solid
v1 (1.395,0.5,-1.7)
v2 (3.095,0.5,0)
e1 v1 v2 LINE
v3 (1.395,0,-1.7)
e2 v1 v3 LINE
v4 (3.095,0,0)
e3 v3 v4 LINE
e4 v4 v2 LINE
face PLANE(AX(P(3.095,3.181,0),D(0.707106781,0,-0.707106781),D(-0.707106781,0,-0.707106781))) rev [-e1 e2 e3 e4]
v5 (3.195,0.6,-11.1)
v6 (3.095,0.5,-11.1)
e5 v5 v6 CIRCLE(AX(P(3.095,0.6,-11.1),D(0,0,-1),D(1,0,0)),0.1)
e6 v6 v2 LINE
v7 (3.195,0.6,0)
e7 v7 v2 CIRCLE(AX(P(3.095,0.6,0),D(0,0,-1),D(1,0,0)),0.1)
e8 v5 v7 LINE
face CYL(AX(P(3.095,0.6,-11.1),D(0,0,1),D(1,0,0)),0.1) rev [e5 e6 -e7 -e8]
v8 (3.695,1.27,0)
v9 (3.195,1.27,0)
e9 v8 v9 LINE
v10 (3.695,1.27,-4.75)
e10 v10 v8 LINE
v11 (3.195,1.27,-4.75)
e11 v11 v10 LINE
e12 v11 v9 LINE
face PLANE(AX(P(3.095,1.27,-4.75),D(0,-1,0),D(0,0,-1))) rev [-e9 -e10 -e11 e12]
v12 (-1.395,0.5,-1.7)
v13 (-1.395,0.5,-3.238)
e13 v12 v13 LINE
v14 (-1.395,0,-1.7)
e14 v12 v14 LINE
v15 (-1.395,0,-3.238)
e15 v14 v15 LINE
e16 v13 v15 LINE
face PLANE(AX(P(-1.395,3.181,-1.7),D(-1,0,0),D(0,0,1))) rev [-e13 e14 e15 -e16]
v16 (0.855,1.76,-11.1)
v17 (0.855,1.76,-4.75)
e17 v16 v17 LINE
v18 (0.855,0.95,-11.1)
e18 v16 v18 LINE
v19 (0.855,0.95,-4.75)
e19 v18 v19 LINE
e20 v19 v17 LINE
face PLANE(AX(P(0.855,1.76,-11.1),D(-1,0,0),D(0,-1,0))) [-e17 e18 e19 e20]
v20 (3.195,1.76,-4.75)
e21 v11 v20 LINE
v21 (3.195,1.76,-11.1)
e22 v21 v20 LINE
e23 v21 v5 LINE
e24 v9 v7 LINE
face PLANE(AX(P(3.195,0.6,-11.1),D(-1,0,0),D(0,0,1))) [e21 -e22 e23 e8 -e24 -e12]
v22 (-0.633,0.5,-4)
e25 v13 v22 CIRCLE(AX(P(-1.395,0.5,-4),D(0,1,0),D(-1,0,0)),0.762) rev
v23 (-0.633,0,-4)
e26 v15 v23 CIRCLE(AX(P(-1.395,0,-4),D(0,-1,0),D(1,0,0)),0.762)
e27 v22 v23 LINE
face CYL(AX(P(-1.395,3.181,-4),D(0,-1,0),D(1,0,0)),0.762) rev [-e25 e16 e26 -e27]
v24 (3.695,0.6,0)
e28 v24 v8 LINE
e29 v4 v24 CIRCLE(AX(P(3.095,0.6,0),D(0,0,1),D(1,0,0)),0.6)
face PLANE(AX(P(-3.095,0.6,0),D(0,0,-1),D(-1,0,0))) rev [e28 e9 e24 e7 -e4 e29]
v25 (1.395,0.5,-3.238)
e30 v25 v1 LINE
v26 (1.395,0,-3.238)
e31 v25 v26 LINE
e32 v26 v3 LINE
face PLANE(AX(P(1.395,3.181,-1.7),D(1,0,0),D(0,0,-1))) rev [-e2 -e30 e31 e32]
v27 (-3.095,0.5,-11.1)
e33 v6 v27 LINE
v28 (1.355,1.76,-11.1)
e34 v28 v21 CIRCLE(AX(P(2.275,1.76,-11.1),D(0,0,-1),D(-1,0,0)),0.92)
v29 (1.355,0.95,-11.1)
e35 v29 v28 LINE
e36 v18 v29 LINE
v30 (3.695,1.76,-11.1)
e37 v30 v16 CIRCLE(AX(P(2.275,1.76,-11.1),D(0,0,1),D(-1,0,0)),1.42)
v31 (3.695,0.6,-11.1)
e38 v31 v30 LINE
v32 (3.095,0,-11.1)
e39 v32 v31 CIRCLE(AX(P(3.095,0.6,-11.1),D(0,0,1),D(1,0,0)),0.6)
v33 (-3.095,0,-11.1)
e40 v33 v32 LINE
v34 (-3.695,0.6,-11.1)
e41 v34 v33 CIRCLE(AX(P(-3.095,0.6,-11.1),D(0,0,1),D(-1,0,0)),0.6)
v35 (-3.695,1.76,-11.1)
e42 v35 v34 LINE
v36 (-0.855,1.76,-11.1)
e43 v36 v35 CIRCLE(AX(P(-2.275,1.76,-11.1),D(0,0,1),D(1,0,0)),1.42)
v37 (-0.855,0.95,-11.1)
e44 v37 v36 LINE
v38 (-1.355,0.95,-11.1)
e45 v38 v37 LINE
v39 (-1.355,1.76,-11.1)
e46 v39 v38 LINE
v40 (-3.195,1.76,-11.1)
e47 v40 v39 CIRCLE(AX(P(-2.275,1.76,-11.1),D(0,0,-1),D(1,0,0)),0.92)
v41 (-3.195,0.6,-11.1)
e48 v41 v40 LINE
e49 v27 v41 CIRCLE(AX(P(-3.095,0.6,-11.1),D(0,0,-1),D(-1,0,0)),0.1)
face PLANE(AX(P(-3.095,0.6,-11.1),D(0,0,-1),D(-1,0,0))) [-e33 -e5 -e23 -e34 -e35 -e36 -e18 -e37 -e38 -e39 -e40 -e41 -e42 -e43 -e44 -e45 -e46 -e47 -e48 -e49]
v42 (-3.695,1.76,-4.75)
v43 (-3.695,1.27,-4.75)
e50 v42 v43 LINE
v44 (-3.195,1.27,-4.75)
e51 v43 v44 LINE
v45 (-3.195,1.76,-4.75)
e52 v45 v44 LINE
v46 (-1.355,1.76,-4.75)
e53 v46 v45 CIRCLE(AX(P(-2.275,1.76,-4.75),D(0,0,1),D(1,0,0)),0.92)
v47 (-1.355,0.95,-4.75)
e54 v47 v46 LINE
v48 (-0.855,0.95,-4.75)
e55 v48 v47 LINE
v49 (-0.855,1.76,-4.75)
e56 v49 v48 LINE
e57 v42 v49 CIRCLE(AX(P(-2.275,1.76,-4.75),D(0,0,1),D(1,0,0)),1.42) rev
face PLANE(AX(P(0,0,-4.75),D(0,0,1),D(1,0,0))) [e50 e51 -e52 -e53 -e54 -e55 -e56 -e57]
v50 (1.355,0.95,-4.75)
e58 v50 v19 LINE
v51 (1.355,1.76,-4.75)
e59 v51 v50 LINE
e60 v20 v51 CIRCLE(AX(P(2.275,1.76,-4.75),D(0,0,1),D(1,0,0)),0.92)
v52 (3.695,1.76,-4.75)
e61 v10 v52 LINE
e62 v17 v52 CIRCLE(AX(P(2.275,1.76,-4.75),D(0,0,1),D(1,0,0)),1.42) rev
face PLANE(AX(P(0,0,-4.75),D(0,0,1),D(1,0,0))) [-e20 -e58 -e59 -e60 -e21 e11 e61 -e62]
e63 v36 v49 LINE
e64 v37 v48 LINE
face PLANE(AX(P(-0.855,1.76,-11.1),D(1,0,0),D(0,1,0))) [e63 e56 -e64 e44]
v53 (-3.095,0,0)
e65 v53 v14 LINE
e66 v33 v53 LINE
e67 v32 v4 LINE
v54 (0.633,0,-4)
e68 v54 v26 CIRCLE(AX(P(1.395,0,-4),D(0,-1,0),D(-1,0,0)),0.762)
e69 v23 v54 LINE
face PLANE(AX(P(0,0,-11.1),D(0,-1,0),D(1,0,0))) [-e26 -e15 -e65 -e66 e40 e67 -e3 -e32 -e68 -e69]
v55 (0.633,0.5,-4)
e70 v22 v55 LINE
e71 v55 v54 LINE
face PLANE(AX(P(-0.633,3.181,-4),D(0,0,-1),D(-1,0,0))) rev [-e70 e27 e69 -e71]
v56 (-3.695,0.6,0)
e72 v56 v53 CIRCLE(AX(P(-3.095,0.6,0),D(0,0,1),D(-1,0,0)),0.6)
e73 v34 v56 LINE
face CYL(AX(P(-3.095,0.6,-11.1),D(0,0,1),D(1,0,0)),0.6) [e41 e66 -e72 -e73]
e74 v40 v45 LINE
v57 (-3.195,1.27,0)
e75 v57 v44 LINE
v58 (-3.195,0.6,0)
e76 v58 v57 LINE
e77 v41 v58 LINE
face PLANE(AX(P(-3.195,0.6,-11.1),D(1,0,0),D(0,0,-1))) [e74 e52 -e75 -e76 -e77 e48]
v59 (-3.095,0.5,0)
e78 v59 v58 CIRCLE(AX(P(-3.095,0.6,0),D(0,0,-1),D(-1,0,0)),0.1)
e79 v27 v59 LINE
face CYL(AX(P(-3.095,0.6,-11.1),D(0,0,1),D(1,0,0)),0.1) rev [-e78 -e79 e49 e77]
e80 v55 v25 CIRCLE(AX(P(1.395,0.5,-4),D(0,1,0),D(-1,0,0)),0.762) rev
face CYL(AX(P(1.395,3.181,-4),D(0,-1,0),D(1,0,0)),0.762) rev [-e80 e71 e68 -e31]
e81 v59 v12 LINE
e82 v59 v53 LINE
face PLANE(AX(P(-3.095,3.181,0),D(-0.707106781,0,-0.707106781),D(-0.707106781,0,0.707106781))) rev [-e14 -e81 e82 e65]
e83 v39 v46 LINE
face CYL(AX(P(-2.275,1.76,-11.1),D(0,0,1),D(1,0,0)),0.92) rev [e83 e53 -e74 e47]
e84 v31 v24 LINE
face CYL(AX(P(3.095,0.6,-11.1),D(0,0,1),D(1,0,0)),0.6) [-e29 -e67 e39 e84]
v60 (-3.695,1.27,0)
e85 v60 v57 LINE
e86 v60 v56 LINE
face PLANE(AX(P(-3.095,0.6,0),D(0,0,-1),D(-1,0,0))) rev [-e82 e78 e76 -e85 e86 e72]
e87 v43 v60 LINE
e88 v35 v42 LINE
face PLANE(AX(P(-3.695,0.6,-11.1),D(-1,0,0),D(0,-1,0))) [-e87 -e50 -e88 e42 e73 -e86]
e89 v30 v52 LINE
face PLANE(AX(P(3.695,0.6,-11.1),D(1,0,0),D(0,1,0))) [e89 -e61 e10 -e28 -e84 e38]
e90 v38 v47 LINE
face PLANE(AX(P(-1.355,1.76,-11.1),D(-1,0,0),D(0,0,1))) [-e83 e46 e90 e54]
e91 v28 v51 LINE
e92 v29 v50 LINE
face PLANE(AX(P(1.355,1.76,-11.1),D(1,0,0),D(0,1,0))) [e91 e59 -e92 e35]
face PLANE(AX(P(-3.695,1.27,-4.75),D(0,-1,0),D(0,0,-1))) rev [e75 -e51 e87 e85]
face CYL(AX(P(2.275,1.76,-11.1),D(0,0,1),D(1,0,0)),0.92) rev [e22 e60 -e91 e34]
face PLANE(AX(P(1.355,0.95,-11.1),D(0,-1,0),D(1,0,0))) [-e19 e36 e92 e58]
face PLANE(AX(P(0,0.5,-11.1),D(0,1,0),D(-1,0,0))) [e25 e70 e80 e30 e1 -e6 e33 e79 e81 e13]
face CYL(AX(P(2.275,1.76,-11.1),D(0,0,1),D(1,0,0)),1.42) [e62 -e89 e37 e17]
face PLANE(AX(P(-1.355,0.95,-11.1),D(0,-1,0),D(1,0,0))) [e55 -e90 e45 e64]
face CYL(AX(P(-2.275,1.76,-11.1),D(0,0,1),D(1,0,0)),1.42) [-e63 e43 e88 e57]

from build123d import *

# Parameters (mm, degrees)
BOSS_EXTRUDE1_DEPTH = 11.1
CUT_EXTRUDE1_REACH  = 14.123
CUT_EXTRUDE2_DEPTH  = 4.75


with BuildPart() as part:
    # Sketch1 → Boss-Extrude1 (new body)
    with BuildSketch(Plane.XY):
        with BuildLine():
            Line((0, 0), (-3.095, 0))
            ThreePointArc((-3.095, 0), (-3.519264069, 0.175735931), (-3.695, 0.6))
            Line((-3.695, 0.6), (-3.695, 1.76))
            ThreePointArc((-3.695, 1.76), (-2.275, 3.18), (-0.855, 1.76))
            Line((-0.855, 1.76), (-0.855, 0.95))
            Line((-0.855, 0.95), (-1.355, 0.95))
            Line((-1.355, 0.95), (-1.355, 1.76))
            ThreePointArc((-1.355, 1.76), (-2.275, 2.68), (-3.195, 1.76))
            Line((-3.195, 1.76), (-3.195, 0.6))
            ThreePointArc((-3.195, 0.6), (-3.165710678, 0.529289322), (-3.095, 0.5))
            Line((-3.095, 0.5), (0, 0.5))
            Line((0, 0.5), (3.095, 0.5))
            ThreePointArc((3.095, 0.5), (3.165710678, 0.529289322), (3.195, 0.6))
            Line((3.195, 0.6), (3.195, 1.76))
            ThreePointArc((3.195, 1.76), (2.275, 2.68), (1.355, 1.76))
            Line((1.355, 1.76), (1.355, 0.95))
            Line((1.355, 0.95), (0.855, 0.95))
            Line((0.855, 0.95), (0.855, 1.76))
            ThreePointArc((0.855, 1.76), (2.275, 3.18), (3.695, 1.76))
            Line((3.695, 1.76), (3.695, 0.6))
            ThreePointArc((3.695, 0.6), (3.519264069, 0.175735931), (3.095, 0))
            Line((3.095, 0), (0, 0))
        make_face()
    extrude(amount=-BOSS_EXTRUDE1_DEPTH)

    # Sketch2 → Cut-Extrude1 (cut, up to next)
    with BuildSketch(Plane.XZ, mode=Mode.PRIVATE) as cut_extrude1_sk1:
        with BuildLine():
            Line((-3.095, 0), (-1.395, -1.7))
            Line((-1.395, -1.7), (-1.395, -3.238))
            ThreePointArc((-1.395, -3.238), (-1.933815367, -4.538815367), (-0.633, -4))
            Line((-0.633, -4), (0.633, -4))
            ThreePointArc((0.633, -4), (1.933815367, -4.538815367), (1.395, -3.238))
            Line((1.395, -3.238), (1.395, -1.7))
            Line((1.395, -1.7), (3.095, 0))
            Line((3.095, 0), (3.095, 0.537500588))
            Line((3.095, 0.537500588), (-3.095, 0.537500588))
            Line((-3.095, 0.537500588), (-3.095, 0))
        make_face()
    cut_extrude1_tool1 = extrude(cut_extrude1_sk1.sketch, amount=-CUT_EXTRUDE1_REACH, mode=Mode.PRIVATE) & part.part
    add(cut_extrude1_tool1.solids().sort_by_distance((0, 0, -1.705502))[0], mode=Mode.SUBTRACT)

    # Sketch3 → Cut-Extrude2 (cut)
    with BuildSketch(Plane.XY):
        Polygon((-3.695, 3.311724778), (3.695, 3.311724778), (3.695, 1.27), (3.095, 1.27), (3.095, 0.77), (-3.095, 0.77), (-3.095, 1.27), (-3.695, 1.27), align=None)
    extrude(amount=-CUT_EXTRUDE2_DEPTH, mode=Mode.SUBTRACT)


solid = part.part
